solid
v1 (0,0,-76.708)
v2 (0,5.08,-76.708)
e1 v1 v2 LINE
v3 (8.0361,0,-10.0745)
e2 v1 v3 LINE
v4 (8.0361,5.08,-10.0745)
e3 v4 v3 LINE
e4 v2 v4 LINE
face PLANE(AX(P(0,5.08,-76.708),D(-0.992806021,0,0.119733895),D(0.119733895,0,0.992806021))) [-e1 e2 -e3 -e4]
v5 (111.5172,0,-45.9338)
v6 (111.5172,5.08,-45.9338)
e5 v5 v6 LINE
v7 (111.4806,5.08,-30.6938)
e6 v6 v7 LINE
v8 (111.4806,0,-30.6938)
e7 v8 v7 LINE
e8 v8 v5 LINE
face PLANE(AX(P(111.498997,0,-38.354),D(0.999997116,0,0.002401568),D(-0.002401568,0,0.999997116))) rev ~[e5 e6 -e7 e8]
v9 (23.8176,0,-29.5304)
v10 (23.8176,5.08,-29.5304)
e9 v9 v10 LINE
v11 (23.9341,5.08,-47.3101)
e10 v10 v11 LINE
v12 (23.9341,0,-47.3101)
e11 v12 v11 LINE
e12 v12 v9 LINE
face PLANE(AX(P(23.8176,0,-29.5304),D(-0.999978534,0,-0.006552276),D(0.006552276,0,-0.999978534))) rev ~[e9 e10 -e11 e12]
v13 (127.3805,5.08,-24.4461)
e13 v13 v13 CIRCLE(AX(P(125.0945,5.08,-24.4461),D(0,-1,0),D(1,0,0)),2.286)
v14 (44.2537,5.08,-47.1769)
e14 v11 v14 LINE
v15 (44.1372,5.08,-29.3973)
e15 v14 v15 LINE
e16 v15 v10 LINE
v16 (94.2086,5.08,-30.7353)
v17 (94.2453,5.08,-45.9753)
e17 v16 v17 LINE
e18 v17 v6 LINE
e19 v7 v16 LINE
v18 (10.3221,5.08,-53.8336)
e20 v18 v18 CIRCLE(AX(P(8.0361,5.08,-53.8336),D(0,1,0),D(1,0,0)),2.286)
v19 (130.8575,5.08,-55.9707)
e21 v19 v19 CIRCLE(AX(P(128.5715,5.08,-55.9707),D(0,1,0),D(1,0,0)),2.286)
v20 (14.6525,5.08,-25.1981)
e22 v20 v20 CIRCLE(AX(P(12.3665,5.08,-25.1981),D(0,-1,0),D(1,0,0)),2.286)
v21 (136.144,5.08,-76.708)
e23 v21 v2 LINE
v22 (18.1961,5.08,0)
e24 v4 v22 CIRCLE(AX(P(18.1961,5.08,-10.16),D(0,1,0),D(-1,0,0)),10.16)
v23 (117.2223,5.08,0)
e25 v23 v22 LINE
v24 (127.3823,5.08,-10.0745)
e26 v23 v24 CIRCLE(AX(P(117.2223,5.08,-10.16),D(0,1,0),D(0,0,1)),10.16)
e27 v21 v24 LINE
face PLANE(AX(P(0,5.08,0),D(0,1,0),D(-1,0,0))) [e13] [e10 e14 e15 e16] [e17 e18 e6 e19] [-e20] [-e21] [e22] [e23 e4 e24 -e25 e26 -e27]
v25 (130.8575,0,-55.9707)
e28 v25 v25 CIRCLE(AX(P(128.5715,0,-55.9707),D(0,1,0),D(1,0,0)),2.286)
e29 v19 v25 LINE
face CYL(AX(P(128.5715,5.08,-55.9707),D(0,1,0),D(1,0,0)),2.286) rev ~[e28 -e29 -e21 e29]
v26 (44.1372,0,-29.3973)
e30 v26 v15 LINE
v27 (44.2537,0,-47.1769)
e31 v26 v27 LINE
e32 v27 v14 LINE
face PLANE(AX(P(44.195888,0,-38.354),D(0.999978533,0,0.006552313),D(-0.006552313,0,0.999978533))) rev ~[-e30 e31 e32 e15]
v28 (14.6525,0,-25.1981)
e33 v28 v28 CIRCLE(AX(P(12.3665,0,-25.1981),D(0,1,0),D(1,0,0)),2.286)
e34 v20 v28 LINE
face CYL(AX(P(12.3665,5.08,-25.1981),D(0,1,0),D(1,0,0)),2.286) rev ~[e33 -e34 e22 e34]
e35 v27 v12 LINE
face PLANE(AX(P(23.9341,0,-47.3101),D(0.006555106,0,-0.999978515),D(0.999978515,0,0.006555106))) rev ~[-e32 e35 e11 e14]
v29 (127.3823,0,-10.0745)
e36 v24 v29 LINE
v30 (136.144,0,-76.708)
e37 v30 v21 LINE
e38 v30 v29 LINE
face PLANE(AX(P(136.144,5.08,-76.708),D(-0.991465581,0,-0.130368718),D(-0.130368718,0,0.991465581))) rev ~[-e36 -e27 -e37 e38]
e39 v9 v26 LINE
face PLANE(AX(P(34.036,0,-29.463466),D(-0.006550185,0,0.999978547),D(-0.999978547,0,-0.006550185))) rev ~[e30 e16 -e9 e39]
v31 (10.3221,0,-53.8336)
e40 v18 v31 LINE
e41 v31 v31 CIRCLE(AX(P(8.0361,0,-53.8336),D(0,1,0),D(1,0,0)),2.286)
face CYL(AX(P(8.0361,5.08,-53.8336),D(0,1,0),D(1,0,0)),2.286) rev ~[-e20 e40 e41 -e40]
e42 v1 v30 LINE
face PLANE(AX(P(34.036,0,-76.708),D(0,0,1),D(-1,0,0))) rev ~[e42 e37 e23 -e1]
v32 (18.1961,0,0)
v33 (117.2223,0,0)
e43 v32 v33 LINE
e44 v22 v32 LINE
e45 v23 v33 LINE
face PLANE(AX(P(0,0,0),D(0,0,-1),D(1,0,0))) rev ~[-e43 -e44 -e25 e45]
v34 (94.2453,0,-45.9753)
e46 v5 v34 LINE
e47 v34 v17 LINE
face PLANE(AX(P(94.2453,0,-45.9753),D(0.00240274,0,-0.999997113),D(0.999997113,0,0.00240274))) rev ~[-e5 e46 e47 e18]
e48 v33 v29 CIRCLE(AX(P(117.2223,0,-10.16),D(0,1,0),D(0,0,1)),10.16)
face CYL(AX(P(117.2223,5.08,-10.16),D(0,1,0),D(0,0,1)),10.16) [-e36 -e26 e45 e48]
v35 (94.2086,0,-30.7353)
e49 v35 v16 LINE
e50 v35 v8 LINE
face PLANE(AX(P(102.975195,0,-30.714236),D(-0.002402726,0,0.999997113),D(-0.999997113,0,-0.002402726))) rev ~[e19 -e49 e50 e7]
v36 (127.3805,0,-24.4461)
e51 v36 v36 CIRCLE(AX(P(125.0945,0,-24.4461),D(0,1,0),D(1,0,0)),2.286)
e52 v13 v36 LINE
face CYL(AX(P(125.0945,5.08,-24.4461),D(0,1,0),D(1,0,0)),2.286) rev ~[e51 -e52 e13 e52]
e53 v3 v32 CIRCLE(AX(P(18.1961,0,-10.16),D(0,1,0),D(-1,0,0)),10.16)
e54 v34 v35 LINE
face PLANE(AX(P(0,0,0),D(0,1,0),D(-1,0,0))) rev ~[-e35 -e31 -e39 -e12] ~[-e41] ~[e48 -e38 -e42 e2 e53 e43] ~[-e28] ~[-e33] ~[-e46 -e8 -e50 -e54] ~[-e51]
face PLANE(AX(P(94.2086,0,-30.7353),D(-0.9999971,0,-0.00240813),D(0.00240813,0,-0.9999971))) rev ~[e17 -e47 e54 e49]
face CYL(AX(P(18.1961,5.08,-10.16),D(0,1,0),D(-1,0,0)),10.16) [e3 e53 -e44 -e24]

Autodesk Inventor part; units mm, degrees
ref_plane "YZ Plane" through (0, 0, 0) normal (1, 0, 0) x (0, 1, 0)
ref_plane "XZ Plane" through (0, 0, 0) normal (0, 1, 0) x (-1, 0, 0)
ref_plane "XY Plane" through (0, 0, 0) normal (0, 0, 1) x (1, 0, 0)
sketch "Sketch1" plane through (0, 0, 0) normal (0, 1, 0) x (-1, 0, 0)
  line L0 (0, 0) -> (-136.144, 0)
  line L1 (-136.144, 0) -> (-136.144, -76.708)
  line L2 (-136.144, -76.708) -> (0, -76.708)
  line L3 (0, -76.708) -> (0, 0)
  line L4 (-23.9341, -47.3101) -> (-44.2537, -47.1769)
  line L5 (-44.2537, -47.1769) -> (-44.1372, -29.3973)
  line L6 (-44.1372, -29.3973) -> (-23.8176, -29.5304)
  line L7 (-23.8176, -29.5304) -> (-23.9341, -47.3101)
  line L8 (-94.2086, -30.7353) -> (-94.2453, -45.9753)
  line L9 (-94.2453, -45.9753) -> (-111.5172, -45.9338)
  line L10 (-111.5172, -45.9338) -> (-111.4806, -30.6938)
  line L11 (-111.4806, -30.6938) -> (-94.2086, -30.7353)
  line L12 (-68.072, -76.708) -> (-68.072, 0)
  line L13 (-136.144, -76.708) -> (-68.072, -76.708)
  line L14 (-102.108, -76.708) -> (-103.5543, 0)
  line L15 (-111.4806, -30.6938) -> (-94.2453, -45.9753)
  line L16 (-94.2086, -30.7353) -> (-111.5172, -45.9338)
  line L17 (-44.1372, -29.3973) -> (-23.9341, -47.3101)
  line L18 (-44.2537, -47.1769) -> (-23.8176, -29.5304)
  line L19 (-68.072, -76.708) -> (0, -76.708)
  line L20 (-34.036, -76.708) -> (-34.036, 0)
  line L21 (-68.072, -38.354) -> (0, -38.354)
  line L22 (-68.072, -38.354) -> (-136.144, -38.354)
  dimension "d0" = 136.144
  dimension "d1" = 76.708
  dimension "d2" = 20.32
  dimension "d3" = 17.78
  dimension "d4" = 15.24
  dimension "d6" = 17.272
extrude "Extrusion1" add sketch "Sketch1" along normal blind 5.08 contours L3 L21 L7 L6 L20 L0 | L20 L6 L5 L21 L12 L0 | L3 L2 L20 L4 L7 L21 | L12 L22 L8 L11 L14 L0 | L14 L11 L10 L22 L1 L0 | L21 L5 L4 L20 L2 L12 | L12 L2 L14 L9 L8 L22 | L22 L10 L9 L14 L2 L1
sketch "Sketch2" plane through (0, 5.08, 0) normal (0, 1, 0) x (1, 0, 0)
  line L0 (0, 76.708) -> (0, 0) projected
  line L1 (0, 0) -> (136.144, 0) projected
  line L2 (136.144, 0) -> (136.144, 76.708) projected
  circle A0 centre (128.5715, 55.9707) radius 2.286
  circle A1 centre (125.0945, 24.4461) radius 2.286
  circle A2 centre (8.0361, 53.8336) radius 2.286
  circle A3 centre (12.3665, 25.1981) radius 2.286
  line L3 (127.3823, 10.0745) -> (136.144, 10.0745)
  line L4 (127.3823, 10.0745) -> (0, 10.0745)
  line L5 (0, 76.708) -> (8.0361, 10.0745)
  line L6 (136.144, 76.708) -> (127.3823, 10.0745)
  line L7 (8.0361, 10.0745) -> (8.0361, 10.16)
  line L8 (18.1961, 0) -> (117.2223, 0)
  arc A4 (8.0361, 10.16) -> (18.1961, 0) centre (18.1961, 10.16) ccw
  line L9 (127.3823, 10.0745) -> (127.3823, 10.16)
  arc A5 (117.2223, 0) -> (127.3823, 10.16) centre (117.2223, 10.16) ccw
  line L10 (0, 76.708) -> (0, 0) projected
  line L11 (0, 0) -> (136.144, 0) projected
  line L12 (136.144, 0) -> (136.144, 76.708) projected
  line L13 (136.144, 76.708) -> (0, 76.708) projected
  line L14 (23.9341, 47.3101) -> (44.2537, 47.1769) projected
  line L15 (44.2537, 47.1769) -> (44.1372, 29.3973) projected
  line L16 (44.1372, 29.3973) -> (23.8176, 29.5304) projected
  line L17 (23.8176, 29.5304) -> (23.9341, 47.3101) projected
  line L18 (94.2453, 45.9753) -> (111.5172, 45.9338) projected
  line L19 (111.5172, 45.9338) -> (111.4806, 30.6938) projected
  line L20 (111.4806, 30.6938) -> (94.2086, 30.7353) projected
  line L21 (94.2086, 30.7353) -> (94.2453, 45.9753) projected
  line L22 (125.0945, 24.4461) -> (12.3665, 25.1981)
  point P0 (8.0361, 0)
  point P1 (8.0365, 10.0745)
  point P2 (127.382, 10.0745)
  point P3 (117.2223, 0)
  dimension "d9" = 10.16
  dimension "d10" = 10.16
  dimension "d11" = 4.572
  dimension "d12" = 4.572
extrude "Extrusion2" cut sketch "Sketch2" against normal blind 5.08 contours L5 L4 L0 | L4 A4 L1 L0 | L2 L3 L6 | L3 L2 L1 A5 | A0 | A1 | A3 | A2
properties part number "chair power plate"
